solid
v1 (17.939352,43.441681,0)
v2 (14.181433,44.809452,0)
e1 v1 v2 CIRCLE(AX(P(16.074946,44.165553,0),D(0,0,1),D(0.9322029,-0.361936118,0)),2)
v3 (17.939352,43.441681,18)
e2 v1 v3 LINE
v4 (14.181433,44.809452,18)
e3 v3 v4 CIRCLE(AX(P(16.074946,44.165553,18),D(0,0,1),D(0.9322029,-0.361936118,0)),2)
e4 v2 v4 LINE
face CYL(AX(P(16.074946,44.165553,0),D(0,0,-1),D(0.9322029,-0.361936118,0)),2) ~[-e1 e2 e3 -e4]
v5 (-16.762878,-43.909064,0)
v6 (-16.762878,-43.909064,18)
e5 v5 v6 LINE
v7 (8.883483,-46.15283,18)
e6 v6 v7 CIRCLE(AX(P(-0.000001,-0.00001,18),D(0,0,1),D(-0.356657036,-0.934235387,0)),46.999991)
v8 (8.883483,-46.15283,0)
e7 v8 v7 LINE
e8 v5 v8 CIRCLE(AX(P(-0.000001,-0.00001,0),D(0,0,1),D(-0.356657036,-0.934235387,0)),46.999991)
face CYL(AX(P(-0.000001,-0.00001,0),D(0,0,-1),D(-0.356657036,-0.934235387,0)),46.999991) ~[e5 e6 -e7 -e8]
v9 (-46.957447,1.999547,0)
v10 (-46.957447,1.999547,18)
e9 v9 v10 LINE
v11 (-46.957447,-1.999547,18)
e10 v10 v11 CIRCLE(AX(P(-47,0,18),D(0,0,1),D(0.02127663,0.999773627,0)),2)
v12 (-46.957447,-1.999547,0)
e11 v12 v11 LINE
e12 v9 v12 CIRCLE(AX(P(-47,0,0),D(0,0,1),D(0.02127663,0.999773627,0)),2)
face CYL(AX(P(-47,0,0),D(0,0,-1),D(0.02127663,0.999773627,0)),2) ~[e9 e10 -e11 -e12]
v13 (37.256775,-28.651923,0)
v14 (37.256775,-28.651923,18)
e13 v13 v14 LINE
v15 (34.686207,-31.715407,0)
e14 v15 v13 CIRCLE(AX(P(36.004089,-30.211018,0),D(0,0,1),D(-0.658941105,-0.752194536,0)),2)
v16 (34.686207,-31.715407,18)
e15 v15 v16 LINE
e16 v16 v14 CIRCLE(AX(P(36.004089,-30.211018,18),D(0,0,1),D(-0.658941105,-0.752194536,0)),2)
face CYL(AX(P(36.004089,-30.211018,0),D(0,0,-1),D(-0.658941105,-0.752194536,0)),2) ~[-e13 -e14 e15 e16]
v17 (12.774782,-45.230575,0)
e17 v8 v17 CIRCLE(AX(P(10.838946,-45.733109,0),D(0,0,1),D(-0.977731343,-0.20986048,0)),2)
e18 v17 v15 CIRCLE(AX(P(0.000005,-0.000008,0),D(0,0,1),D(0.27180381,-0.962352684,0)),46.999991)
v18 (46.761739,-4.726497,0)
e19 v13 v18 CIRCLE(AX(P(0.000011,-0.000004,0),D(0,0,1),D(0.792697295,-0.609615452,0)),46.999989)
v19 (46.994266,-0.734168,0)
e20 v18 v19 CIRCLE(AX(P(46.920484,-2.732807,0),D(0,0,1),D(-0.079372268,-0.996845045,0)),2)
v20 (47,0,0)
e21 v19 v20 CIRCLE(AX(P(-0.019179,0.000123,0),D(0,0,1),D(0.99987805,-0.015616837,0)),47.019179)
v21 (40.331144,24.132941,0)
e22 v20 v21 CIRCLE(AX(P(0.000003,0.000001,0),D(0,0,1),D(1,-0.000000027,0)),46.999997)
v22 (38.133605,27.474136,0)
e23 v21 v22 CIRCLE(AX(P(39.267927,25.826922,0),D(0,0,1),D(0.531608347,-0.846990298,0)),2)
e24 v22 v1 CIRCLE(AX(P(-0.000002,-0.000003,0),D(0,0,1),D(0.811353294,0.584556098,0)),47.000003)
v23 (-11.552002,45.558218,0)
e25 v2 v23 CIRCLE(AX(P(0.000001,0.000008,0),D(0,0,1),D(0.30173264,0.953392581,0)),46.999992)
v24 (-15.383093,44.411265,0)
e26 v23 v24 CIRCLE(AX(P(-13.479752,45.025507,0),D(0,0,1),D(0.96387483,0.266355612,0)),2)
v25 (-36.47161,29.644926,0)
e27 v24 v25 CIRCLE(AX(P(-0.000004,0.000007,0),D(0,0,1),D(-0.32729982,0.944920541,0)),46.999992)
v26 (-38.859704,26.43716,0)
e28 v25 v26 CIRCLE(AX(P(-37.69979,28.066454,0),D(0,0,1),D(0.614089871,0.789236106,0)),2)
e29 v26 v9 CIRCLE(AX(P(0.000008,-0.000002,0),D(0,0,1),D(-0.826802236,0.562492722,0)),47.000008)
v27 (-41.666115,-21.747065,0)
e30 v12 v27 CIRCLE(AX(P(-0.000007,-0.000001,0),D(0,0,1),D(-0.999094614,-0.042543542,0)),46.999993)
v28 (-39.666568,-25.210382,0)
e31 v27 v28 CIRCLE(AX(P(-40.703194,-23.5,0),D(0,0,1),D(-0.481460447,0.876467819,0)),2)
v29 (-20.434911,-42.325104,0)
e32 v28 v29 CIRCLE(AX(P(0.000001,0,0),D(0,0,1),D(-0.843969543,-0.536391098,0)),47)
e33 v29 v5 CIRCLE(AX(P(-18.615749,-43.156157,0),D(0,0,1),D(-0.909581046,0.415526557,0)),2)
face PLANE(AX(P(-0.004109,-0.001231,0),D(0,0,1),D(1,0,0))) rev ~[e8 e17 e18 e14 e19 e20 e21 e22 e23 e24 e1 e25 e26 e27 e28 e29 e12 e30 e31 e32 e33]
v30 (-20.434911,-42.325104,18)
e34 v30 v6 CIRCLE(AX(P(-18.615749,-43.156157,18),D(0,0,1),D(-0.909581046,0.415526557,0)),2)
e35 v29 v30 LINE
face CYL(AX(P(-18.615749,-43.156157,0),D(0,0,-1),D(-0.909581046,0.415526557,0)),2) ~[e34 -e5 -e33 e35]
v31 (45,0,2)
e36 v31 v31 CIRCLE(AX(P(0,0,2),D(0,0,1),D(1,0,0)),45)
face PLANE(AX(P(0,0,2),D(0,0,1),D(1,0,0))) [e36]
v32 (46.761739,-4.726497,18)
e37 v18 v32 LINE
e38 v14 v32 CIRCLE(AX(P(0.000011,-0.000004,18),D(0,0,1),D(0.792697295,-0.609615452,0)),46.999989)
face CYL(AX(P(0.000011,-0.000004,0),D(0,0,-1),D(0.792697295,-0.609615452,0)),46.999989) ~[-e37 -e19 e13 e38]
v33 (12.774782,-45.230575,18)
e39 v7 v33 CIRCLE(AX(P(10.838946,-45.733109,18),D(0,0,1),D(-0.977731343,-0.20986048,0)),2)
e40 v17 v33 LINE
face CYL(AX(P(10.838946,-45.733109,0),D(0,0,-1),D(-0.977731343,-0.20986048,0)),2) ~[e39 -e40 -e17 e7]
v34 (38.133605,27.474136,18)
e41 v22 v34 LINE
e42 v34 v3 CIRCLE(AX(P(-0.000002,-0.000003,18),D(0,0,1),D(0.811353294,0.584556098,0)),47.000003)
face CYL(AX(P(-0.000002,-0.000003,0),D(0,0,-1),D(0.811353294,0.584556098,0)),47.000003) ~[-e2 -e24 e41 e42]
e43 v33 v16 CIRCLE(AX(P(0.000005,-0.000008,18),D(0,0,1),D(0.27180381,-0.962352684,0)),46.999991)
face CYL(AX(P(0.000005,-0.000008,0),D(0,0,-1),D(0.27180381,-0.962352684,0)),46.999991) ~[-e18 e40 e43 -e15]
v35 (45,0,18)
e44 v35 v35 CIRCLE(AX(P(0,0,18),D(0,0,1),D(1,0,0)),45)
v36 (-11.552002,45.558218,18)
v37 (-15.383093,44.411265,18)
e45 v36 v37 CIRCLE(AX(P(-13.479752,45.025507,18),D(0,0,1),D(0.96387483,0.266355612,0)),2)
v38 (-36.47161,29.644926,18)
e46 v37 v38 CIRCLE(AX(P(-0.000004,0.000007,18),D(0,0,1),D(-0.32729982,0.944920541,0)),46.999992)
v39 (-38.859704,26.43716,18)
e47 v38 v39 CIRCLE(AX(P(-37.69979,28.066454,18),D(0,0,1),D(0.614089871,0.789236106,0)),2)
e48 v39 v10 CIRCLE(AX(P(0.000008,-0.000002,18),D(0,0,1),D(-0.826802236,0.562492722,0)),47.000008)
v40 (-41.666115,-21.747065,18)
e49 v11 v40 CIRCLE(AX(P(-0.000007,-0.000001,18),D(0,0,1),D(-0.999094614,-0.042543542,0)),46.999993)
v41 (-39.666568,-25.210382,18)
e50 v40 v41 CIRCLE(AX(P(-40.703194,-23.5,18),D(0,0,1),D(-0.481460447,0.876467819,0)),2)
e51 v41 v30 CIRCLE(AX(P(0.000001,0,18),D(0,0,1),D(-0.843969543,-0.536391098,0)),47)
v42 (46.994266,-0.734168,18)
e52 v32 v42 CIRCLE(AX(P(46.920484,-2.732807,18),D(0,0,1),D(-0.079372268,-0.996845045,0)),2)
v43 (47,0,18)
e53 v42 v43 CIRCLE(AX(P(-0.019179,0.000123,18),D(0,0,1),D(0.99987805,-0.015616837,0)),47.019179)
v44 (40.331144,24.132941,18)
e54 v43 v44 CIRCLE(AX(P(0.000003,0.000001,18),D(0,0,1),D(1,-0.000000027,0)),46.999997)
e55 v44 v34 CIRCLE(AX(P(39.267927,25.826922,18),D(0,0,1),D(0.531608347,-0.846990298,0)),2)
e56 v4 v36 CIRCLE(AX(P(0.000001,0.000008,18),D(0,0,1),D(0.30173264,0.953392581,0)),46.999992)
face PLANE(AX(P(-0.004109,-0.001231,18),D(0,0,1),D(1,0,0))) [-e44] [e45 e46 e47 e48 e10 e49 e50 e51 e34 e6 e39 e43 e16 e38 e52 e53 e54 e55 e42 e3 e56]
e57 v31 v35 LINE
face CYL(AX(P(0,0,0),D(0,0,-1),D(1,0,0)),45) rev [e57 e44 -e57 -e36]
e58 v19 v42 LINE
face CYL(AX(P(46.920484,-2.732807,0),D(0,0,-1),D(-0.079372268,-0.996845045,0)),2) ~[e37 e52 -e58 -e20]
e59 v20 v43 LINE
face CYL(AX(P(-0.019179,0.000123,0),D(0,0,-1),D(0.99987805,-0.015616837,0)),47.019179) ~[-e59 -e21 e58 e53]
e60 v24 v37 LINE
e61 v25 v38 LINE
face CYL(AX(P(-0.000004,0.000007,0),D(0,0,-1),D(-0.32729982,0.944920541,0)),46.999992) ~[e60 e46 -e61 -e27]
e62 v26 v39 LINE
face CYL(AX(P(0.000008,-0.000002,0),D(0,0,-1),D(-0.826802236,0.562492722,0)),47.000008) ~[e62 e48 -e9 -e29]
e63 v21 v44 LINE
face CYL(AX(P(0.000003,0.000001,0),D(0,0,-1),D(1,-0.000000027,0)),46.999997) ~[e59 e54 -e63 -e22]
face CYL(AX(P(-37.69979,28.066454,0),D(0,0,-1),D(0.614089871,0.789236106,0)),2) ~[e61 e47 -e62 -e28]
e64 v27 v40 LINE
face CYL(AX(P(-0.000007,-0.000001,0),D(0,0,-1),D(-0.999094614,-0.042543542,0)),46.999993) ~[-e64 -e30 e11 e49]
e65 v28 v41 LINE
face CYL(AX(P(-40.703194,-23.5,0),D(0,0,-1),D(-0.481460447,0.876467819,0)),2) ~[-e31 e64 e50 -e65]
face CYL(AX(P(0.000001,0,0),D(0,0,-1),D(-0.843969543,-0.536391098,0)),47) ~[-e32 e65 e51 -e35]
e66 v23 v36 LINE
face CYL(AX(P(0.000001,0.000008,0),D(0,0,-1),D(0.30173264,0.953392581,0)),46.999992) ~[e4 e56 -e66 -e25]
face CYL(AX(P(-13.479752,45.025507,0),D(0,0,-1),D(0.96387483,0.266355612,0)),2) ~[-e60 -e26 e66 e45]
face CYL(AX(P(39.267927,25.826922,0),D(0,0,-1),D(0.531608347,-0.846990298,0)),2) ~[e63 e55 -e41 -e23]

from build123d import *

# Parameters (mm, degrees)
F0_R     = 45
F1_DEPTH = 2
F2_DEPTH = 18


with BuildPart() as f1:
    # F0 (on Top) → F1 (new body)
    with BuildSketch(Plane.XY):
        Circle(F0_R)
    extrude(amount=F1_DEPTH)

    # F0 (on Top) → F2 (join)
    with BuildSketch(Plane.XY):
        with BuildLine():
            ThreePointArc((46.994266, -0.734168), (46.998566, -0.367095), (47, 0))
            ThreePointArc((47, 0), (45.302118, 12.518711), (40.331144, 24.132941))
            ThreePointArc((40.331144, 24.132941), (39.267927, 25.826922), (38.133605, 27.474136))
            ThreePointArc((38.133605, 27.474136), (29.151068, 36.867536), (17.939352, 43.441681))
            ThreePointArc((17.939352, 43.441681), (16.074947, 44.165553), (14.181433, 44.809452))
            ThreePointArc((14.181433, 44.809452), (1.366982, 46.980117), (-11.552002, 45.558218))
            ThreePointArc((-11.552002, 45.558218), (-13.479752, 45.025507), (-15.383093, 44.411265))
            ThreePointArc((-15.383093, 44.411265), (-26.958093, 38.500146), (-36.47161, 29.644926))
            ThreePointArc((-36.47161, 29.644926), (-37.69979, 28.066454), (-38.859704, 26.43716))
            ThreePointArc((-38.859704, 26.43716), (-44.614404, 14.783604), (-46.957447, 1.999547))
            ThreePointArc((-46.957447, 1.999547), (-47, 0), (-46.957447, -1.999547))
            ThreePointArc((-46.957447, -1.999547), (-45.398514, -12.164495), (-41.666115, -21.747065))
            ThreePointArc((-41.666115, -21.747065), (-40.703194, -23.5), (-39.666568, -25.210382))
            ThreePointArc((-39.666568, -25.210382), (-31.245406, -35.110178), (-20.434911, -42.325104))
            ThreePointArc((-20.434911, -42.325104), (-18.615749, -43.156157), (-16.762878, -43.909064))
            ThreePointArc((-16.762878, -43.909064), (-4.09632, -46.821151), (8.883483, -46.15283))
            ThreePointArc((8.883483, -46.15283), (10.838946, -45.733109), (12.774782, -45.230575))
            ThreePointArc((12.774782, -45.230575), (24.673899, -40.002484), (34.686207, -31.715407))
            ThreePointArc((34.686207, -31.715407), (36.004089, -30.211018), (37.256775, -28.651923))
            ThreePointArc((37.256775, -28.651923), (43.679334, -17.352689), (46.761739, -4.726497))
            ThreePointArc((46.761739, -4.726497), (46.920483, -2.732807), (46.994266, -0.734168))
        make_face()
        Circle(F0_R, mode=Mode.SUBTRACT)
        with BuildLine():
            ThreePointArc((-46.957447, -1.999547), (-47, 0), (-46.957447, 1.999547))
            ThreePointArc((-46.957447, 1.999547), (-49, 0), (-46.957447, -1.999547))
        make_face()
        with BuildLine():
            ThreePointArc((-41.666115, -21.747065), (-42.435245, -24.5), (-39.666568, -25.210382))
            ThreePointArc((-39.666568, -25.210382), (-40.703194, -23.5), (-41.666115, -21.747065))
        make_face()
        with BuildLine():
            ThreePointArc((-20.434911, -42.325104), (-19.407909, -44.992589), (-16.762878, -43.909064))
            ThreePointArc((-16.762878, -43.909064), (-18.615749, -43.156157), (-20.434911, -42.325104))
        make_face()
        with BuildLine():
            ThreePointArc((8.883483, -46.15283), (11.300178, -47.679199), (12.774782, -45.230575))
            ThreePointArc((12.774782, -45.230575), (10.838946, -45.733109), (8.883483, -46.15283))
        make_face()
        with BuildLine():
            ThreePointArc((34.686207, -31.715407), (37.536178, -31.496593), (37.256775, -28.651923))
            ThreePointArc((37.256775, -28.651923), (36.004089, -30.211018), (34.686207, -31.715407))
        make_face()
        with BuildLine():
            ThreePointArc((46.761739, -4.726497), (48.9171, -2.849097), (46.994266, -0.734168))
            ThreePointArc((46.994266, -0.734168), (46.920483, -2.732807), (46.761739, -4.726497))
        make_face()
        with BuildLine():
            ThreePointArc((38.133605, 27.474136), (39.267927, 25.826922), (40.331144, 24.132941))
            ThreePointArc((40.331144, 24.132941), (40.938903, 26.92594), (38.133605, 27.474136))
        make_face()
        with BuildLine():
            ThreePointArc((14.181433, 44.809452), (16.074947, 44.165553), (17.939352, 43.441681))
            ThreePointArc((17.939352, 43.441681), (16.758987, 46.044938), (14.181433, 44.809452))
        make_face()
        with BuildLine():
            ThreePointArc((-15.383093, 44.411265), (-13.479752, 45.025507), (-11.552002, 45.558218))
            ThreePointArc((-11.552002, 45.558218), (-14.053358, 46.941486), (-15.383093, 44.411265))
        make_face()
        with BuildLine():
            ThreePointArc((-38.859704, 26.43716), (-37.69979, 28.066454), (-36.47161, 29.644926))
            ThreePointArc((-36.47161, 29.644926), (-39.304036, 29.260771), (-38.859704, 26.43716))
        make_face()
    extrude(amount=F2_DEPTH)


solid = f1.part
